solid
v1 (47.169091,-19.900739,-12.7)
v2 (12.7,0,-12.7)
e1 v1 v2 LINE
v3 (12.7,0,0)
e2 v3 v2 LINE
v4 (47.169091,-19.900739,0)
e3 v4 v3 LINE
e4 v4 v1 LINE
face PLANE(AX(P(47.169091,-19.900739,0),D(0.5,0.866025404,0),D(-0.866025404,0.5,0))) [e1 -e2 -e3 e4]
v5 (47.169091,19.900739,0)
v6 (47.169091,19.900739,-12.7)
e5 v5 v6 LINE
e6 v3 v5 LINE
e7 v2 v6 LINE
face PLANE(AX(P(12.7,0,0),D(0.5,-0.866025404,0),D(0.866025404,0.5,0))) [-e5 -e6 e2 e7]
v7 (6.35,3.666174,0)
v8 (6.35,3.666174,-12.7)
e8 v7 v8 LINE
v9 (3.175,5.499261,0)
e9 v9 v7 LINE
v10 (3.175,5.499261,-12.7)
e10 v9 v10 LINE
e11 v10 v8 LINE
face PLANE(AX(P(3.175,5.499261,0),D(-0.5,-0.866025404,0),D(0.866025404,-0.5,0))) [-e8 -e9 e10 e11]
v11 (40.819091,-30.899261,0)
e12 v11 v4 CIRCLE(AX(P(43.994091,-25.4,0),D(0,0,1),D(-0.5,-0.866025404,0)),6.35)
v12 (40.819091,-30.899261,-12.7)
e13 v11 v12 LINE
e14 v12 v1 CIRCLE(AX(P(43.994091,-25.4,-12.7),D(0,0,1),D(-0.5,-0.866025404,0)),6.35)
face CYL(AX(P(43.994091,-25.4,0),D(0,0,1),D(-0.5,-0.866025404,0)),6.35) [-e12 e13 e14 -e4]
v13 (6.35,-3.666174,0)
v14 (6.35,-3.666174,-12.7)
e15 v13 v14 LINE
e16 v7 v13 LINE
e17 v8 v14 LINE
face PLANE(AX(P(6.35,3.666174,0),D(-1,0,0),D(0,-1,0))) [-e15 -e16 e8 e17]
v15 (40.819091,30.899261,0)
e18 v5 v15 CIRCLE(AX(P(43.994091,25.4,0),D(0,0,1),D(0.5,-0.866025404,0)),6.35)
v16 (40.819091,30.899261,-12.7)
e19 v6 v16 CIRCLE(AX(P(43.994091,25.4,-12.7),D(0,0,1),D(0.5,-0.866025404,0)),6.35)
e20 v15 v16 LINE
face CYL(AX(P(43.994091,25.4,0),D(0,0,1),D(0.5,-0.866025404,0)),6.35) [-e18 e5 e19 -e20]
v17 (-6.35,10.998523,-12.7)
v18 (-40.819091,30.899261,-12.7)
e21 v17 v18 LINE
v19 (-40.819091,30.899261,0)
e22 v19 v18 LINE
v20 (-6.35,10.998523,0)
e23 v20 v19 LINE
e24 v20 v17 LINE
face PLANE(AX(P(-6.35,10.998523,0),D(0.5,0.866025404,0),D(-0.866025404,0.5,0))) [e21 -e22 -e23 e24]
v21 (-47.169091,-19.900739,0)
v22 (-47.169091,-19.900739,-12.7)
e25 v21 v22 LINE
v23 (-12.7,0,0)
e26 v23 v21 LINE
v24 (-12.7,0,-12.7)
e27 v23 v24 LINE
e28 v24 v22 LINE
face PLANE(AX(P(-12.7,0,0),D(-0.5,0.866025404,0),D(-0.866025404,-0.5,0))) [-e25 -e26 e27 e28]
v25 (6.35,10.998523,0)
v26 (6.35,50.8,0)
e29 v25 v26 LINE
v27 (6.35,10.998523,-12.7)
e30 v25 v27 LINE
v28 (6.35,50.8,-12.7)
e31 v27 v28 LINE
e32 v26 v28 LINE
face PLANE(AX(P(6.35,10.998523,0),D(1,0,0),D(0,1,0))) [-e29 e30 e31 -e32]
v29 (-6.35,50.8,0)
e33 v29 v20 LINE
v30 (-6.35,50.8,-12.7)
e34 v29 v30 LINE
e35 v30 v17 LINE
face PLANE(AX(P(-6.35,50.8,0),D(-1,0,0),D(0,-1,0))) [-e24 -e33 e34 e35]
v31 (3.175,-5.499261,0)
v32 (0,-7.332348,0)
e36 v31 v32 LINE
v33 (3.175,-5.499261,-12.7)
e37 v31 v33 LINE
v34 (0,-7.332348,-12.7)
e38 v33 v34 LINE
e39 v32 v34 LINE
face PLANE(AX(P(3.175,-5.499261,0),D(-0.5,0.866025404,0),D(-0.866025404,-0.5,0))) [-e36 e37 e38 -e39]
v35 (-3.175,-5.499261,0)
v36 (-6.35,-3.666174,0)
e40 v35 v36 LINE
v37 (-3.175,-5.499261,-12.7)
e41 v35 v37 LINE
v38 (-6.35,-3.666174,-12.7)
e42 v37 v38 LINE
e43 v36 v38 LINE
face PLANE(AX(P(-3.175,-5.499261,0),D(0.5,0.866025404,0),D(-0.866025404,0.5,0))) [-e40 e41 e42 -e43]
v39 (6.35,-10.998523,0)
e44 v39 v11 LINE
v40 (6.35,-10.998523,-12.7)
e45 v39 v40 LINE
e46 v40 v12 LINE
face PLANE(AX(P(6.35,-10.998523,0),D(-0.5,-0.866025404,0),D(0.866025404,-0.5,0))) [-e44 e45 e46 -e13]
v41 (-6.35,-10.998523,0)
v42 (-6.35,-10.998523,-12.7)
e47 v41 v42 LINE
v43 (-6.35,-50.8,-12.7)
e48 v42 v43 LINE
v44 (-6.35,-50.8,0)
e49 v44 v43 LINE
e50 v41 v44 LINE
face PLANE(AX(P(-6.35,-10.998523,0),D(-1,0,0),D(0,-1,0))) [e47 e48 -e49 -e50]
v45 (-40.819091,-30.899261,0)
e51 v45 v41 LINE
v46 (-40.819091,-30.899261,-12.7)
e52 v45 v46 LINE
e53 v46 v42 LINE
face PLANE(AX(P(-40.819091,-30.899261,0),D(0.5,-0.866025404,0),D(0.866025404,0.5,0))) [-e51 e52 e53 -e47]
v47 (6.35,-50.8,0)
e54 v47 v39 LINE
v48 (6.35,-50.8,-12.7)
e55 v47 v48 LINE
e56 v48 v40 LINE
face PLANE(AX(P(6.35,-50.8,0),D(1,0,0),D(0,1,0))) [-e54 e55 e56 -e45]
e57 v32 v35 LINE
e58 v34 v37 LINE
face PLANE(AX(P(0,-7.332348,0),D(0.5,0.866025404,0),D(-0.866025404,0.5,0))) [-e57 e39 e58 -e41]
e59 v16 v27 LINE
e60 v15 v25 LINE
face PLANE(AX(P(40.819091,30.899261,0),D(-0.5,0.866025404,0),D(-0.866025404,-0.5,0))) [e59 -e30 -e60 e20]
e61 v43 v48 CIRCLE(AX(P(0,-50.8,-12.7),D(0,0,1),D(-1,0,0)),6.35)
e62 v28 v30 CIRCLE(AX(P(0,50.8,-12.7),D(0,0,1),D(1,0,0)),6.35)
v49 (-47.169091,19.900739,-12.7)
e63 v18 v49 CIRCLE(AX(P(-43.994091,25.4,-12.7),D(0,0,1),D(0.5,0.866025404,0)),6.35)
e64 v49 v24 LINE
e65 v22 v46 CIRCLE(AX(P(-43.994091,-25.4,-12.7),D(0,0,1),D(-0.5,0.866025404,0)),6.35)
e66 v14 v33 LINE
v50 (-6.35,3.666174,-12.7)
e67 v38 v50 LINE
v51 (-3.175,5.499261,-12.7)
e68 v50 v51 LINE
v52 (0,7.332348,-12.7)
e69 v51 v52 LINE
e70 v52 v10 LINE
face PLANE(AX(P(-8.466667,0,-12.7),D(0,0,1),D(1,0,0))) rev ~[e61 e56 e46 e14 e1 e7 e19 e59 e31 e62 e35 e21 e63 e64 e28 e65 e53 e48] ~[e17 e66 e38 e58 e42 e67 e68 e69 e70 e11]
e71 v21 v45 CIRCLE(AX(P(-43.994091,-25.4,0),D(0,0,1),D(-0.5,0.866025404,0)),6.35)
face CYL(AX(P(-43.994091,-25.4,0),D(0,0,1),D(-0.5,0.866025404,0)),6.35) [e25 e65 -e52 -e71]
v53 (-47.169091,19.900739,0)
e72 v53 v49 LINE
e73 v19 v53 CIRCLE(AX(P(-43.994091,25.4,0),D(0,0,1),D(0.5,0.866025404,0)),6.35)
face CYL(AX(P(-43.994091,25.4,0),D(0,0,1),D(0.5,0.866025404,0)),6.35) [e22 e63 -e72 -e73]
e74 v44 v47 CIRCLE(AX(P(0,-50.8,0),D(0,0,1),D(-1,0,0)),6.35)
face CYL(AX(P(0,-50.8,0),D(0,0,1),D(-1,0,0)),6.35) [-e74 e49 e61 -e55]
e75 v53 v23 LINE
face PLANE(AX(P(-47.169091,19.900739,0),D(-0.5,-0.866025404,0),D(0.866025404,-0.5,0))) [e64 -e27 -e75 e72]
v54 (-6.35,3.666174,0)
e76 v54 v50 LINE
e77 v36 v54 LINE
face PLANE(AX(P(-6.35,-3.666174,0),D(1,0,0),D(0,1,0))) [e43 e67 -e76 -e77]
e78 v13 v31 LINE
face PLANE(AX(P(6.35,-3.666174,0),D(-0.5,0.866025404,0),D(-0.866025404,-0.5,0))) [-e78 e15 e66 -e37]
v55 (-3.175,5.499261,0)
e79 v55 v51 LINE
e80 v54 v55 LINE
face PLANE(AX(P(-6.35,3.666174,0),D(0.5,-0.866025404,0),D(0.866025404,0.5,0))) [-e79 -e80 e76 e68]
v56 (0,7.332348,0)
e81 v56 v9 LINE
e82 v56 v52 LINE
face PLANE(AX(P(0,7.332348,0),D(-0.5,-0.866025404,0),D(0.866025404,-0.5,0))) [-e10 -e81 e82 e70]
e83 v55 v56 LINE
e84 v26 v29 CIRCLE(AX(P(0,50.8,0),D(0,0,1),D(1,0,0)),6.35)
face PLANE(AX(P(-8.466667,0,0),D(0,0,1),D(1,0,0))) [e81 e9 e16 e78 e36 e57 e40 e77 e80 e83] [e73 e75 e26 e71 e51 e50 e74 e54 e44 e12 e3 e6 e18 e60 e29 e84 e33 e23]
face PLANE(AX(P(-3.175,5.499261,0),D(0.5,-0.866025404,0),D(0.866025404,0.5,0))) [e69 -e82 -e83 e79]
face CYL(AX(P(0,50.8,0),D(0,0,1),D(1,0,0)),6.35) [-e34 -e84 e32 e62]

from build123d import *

# Parameters (mm, degrees)
F1_DEPTH = 12.7


with BuildPart() as f1:
    # F0 (on Top) → F1 (new body)
    with BuildSketch(Plane.XY):
        Polygon((-6.35, -3.6661742094), (-6.35, 0), (-6.35, 3.6661742094), (-12.7, 0), align=None)
        Polygon((0, -7.3323484187), (-3.175, -5.499261314), (-6.35, -3.6661742094), (-6.35, -10.9985226281), align=None)
        Polygon((6.35, 3.6661742094), (6.35, 0), (6.35, -3.6661742094), (12.7, 0), align=None)
        with BuildLine():
            Line((-12.7, 0), (-6.35, 3.6661742094))
            Line((-6.35, 3.6661742094), (-6.35, 10.9985226281))
            Line((-6.35, 10.9985226281), (-40.8190905122, 30.899261314))
            ThreePointArc((-40.8190905122, 30.899261314), (-49.4933518263, 28.575), (-47.1690905122, 19.900738686))
            Line((-47.1690905122, 19.900738686), (-12.7, 0))
        make_face()
        Polygon((-6.35, 10.9985226281), (-6.35, 3.6661742094), (-3.175, 5.499261314), (0, 7.3323484187), align=None)
        with BuildLine():
            Line((-6.35, -10.9985226281), (-6.35, -3.6661742094))
            Line((-6.35, -3.6661742094), (-12.7, 0))
            Line((-12.7, 0), (-47.1690905122, -19.900738686))
            ThreePointArc((-47.1690905122, -19.900738686), (-49.4933518263, -28.575), (-40.8190905122, -30.899261314))
            Line((-40.8190905122, -30.899261314), (-6.35, -10.9985226281))
        make_face()
        Polygon((6.35, -3.6661742094), (3.175, -5.499261314), (0, -7.3323484187), (6.35, -10.9985226281), align=None)
        with BuildLine():
            Line((6.35, -10.9985226281), (0, -7.3323484187))
            Line((0, -7.3323484187), (-6.35, -10.9985226281))
            Line((-6.35, -10.9985226281), (-6.35, -50.8))
            ThreePointArc((-6.35, -50.8), (0, -57.15), (6.35, -50.8))
            Line((6.35, -50.8), (6.35, -10.9985226281))
        make_face()
        Polygon((3.175, 5.499261314), (6.35, 3.6661742094), (6.35, 10.9985226281), (0, 7.3323484187), align=None)
        with BuildLine():
            Line((6.35, 10.9985226281), (6.35, 3.6661742094))
            Line((6.35, 3.6661742094), (12.7, 0))
            Line((12.7, 0), (47.1690905122, 19.900738686))
            ThreePointArc((47.1690905122, 19.900738686), (49.4933518263, 28.575), (40.8190905122, 30.899261314))
            Line((40.8190905122, 30.899261314), (6.35, 10.9985226281))
        make_face()
        with BuildLine():
            Line((12.7, 0), (6.35, -3.6661742094))
            Line((6.35, -3.6661742094), (6.35, -10.9985226281))
            Line((6.35, -10.9985226281), (40.8190905122, -30.899261314))
            ThreePointArc((40.8190905122, -30.899261314), (49.4933518263, -28.575), (47.1690905122, -19.900738686))
            Line((47.1690905122, -19.900738686), (12.7, 0))
        make_face()
        with BuildLine():
            Line((-6.35, 50.8), (-6.35, 10.9985226281))
            Line((-6.35, 10.9985226281), (0, 7.3323484187))
            Line((0, 7.3323484187), (6.35, 10.9985226281))
            Line((6.35, 10.9985226281), (6.35, 50.8))
            ThreePointArc((6.35, 50.8), (0, 57.15), (-6.35, 50.8))
        make_face()
    extrude(amount=-F1_DEPTH)


solid = f1.part
